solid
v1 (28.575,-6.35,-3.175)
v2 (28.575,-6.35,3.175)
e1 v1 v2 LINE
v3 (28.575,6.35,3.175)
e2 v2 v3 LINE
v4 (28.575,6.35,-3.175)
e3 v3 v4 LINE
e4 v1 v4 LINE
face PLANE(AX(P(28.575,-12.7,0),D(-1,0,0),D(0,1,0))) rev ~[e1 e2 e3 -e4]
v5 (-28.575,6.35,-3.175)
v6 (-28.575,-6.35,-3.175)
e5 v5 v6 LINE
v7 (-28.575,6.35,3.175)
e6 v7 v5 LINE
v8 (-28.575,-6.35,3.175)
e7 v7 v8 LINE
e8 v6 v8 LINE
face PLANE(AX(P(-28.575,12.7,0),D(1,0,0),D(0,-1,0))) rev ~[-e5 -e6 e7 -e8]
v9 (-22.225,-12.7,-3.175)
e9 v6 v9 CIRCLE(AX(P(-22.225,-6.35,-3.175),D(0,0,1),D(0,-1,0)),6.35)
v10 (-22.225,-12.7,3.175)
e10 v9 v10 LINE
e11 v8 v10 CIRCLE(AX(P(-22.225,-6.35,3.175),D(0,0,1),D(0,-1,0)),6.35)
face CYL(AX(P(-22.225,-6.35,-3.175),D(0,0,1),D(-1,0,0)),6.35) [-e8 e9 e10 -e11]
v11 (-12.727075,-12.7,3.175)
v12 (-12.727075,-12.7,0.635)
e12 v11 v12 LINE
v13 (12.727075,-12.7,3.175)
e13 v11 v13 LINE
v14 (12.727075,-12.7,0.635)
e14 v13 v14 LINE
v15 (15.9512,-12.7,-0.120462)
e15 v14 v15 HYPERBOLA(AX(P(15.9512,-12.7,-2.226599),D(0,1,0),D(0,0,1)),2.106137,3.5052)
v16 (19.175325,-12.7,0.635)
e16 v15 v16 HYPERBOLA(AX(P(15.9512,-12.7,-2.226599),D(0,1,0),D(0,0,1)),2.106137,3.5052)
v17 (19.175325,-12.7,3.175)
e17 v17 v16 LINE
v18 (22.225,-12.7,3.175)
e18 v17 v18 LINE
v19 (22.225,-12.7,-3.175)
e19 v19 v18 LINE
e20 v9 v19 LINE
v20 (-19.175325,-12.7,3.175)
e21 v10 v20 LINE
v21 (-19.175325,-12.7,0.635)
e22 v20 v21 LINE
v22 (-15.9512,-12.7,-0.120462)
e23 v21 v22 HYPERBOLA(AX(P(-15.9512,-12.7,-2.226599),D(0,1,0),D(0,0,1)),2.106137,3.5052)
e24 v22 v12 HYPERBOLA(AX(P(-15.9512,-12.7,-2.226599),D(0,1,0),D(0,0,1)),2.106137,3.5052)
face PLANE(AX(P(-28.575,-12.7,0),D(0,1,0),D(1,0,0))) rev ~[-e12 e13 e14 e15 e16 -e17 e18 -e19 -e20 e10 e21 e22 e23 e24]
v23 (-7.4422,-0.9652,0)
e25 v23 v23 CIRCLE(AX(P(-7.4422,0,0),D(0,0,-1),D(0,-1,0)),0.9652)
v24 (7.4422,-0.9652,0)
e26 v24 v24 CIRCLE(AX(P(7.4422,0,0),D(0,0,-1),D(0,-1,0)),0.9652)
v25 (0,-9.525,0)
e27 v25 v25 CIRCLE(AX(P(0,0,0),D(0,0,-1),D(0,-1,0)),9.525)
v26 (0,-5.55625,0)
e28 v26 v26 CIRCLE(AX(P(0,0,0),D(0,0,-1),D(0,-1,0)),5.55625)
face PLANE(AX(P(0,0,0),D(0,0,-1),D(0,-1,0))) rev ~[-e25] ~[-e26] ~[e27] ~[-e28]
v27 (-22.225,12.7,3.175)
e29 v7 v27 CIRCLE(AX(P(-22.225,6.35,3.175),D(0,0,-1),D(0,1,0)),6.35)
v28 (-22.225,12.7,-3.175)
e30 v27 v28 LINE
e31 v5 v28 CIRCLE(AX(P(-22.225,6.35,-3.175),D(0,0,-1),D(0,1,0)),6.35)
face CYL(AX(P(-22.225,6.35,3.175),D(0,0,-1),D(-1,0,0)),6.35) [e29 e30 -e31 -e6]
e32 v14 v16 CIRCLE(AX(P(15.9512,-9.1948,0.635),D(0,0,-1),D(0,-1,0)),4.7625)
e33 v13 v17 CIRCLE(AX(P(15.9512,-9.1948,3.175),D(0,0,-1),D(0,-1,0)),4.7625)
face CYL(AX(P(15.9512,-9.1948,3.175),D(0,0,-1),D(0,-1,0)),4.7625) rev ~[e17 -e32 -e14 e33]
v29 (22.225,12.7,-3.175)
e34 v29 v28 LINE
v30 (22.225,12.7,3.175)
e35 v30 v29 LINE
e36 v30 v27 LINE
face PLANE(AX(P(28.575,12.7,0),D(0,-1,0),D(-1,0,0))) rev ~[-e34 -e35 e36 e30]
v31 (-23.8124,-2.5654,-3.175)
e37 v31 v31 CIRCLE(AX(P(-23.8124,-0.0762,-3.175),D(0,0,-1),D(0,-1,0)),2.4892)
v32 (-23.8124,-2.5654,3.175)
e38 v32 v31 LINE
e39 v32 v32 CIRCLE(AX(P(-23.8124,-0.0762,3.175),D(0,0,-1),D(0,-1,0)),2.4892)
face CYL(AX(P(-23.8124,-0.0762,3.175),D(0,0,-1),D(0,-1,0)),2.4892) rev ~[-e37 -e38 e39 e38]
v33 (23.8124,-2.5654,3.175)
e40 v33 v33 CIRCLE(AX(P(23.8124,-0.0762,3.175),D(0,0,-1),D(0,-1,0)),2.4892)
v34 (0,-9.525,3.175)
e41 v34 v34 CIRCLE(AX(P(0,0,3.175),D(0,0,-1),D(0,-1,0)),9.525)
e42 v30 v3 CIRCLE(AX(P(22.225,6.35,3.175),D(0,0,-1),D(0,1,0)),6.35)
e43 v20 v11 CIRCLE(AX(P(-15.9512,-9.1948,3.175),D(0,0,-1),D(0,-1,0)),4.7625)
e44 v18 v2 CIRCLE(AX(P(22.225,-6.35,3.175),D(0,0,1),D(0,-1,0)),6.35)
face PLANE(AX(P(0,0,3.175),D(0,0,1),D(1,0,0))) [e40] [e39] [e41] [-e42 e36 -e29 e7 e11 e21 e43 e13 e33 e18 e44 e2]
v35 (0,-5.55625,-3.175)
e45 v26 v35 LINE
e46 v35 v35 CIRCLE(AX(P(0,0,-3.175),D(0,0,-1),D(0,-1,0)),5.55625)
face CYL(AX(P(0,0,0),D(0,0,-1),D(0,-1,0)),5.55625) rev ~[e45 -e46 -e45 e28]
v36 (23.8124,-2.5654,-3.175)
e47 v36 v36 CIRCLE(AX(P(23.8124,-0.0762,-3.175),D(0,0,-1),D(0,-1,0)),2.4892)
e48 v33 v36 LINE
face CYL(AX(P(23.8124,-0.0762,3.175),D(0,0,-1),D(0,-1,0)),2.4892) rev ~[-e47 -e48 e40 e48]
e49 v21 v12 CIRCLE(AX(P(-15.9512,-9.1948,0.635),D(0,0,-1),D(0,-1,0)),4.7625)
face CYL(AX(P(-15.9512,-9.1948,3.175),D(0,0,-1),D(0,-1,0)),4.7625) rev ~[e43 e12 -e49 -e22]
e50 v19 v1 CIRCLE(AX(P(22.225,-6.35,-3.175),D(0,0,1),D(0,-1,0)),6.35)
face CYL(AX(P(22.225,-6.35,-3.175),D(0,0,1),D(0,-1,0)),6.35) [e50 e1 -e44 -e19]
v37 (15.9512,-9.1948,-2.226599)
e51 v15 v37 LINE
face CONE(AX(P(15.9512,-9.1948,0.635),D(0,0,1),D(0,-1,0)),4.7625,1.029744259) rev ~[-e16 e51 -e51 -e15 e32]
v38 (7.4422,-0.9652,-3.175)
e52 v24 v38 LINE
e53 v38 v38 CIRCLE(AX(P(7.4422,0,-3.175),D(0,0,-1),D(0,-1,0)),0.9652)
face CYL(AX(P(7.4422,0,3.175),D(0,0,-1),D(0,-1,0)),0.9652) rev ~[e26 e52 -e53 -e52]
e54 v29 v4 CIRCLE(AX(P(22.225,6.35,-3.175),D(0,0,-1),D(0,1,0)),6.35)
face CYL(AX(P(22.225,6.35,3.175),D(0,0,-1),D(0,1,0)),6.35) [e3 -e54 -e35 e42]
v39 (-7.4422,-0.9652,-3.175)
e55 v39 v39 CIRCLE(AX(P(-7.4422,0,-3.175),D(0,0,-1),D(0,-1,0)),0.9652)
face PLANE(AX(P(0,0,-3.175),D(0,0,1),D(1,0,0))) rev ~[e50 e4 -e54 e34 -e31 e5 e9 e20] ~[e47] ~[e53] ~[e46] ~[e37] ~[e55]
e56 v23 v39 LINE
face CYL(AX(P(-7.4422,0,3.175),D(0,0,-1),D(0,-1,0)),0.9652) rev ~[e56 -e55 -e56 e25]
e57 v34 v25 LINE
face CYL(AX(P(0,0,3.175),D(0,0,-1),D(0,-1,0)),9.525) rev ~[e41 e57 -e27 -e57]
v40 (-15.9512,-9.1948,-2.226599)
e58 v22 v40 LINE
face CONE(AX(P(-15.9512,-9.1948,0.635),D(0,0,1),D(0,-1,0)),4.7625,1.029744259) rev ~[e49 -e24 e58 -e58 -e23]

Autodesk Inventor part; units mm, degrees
ref_plane "YZ Plane" through (0, 0, 0) normal (1, 0, 0) x (0, 1, 0)
ref_plane "XZ Plane" through (0, 0, 0) normal (0, 1, 0) x (-1, 0, 0)
ref_plane "XY Plane" through (0, 0, 0) normal (0, 0, 1) x (1, 0, 0)
sketch "Sketch1" plane through (0, 0, 0) normal (0, 0, 1) x (1, 0, 0)
  line L0 (-28.575, -12.7) -> (28.575, -12.7)
  line L1 (28.575, -12.7) -> (28.575, 12.7)
  line L2 (28.575, 12.7) -> (-28.575, 12.7)
  line L3 (-28.575, 12.7) -> (-28.575, -12.7)
  point P0 (0, 0)
  dimension "d0" = 57.15
  dimension "d1" = 25.4
  dimension "d33" = 28.575
  dimension "d34" = 12.7
extrude "Extrusion1" add sketch "Sketch1" along normal blind 3.175 and the other way blind 3.175
sketch "Sketch2" plane through (0, 0, 3.175) normal (0, 0, 1) x (1, 0, 0)
  line L0 (-28.575, -12.7) -> (28.575, -12.7) projected
  line L1 (28.575, -12.7) -> (28.575, 12.7) projected
  line L2 (28.575, 12.7) -> (-28.575, 12.7) projected
  line L3 (-28.575, 12.7) -> (-28.575, -12.7) projected
  point P0 (0, 0)
  point P1 (0, 0)
  dimension "d4" = 28.575
  dimension "d5" = 12.7
  dimension "d6" = 57.15
hole "Hole1" at (0, 0, 3.175) direction (0, 0, -1) diameter 11.1125 end through all counterbore diameter 19.05 counterbore depth 3.175
sketch "Sketch3" plane through (0, 0, 3.175) normal (0, 0, 1) x (1, 0, 0)
  circle A0 centre (0, 0) radius 9.525 projected
  line L0 (-28.575, -12.7) -> (28.575, -12.7) projected
  line L1 (28.575, -12.7) -> (28.575, 12.7) projected
  line L2 (28.575, 12.7) -> (-28.575, 12.7) projected
  line L3 (-28.575, 12.7) -> (-28.575, -12.7) projected
  point P0 (0, 0)
  point P1 (-23.8124, -0.0762)
  point P2 (23.8124, -0.0762)
  dimension "d14" = 23.8125
  dimension "d15" = 23.8125
  dimension "d59" = 0.0762
hole "Hole2" at (-23.8124, -0.0762, 3.175) at (23.8124, -0.0762, 3.175) direction (0, 0, -1) diameter 4.9784 end through all clearance for "Flat Head Machine Screw (82)" size "#10" standard "Ansi Unified Screw Threads"
sketch "Sketch4" plane through (0, 0, 3.175) normal (0, 0, 1) x (1, 0, 0)
  circle A0 centre (-23.8124, -0.0762) radius 2.4892 projected
  circle A1 centre (23.8124, -0.0762) radius 2.4892 projected
  circle A2 centre (0, 0) radius 9.525 projected
  line L0 (-28.575, -12.7) -> (28.575, -12.7) projected
  line L1 (28.575, -12.7) -> (28.575, 12.7) projected
  line L2 (28.575, 12.7) -> (-28.575, 12.7) projected
  line L3 (-28.575, 12.7) -> (-28.575, -12.7) projected
  point P0 (0, 0)
  point P1 (-7.4422, 0)
  point P2 (7.4422, 0)
  dimension "d23" = 7.4422
  dimension "d24" = 7.4422
hole "Hole3" at (-7.4422, 0, 3.175) at (7.4422, 0, 3.175) direction (0, 0, -1) diameter 1.9304 end through all
fillet "Fillet1" radius 6.35 4 edges at (28.575, 12.7, 0) (-28.575, 12.7, 0) (-28.575, -12.7, 0) (28.575, -12.7, 0)
sketch "Sketch5" plane through (0, 0, 3.175) normal (0, 0, 1) x (1, 0, 0)
  line L0 (28.575, -6.35) -> (28.575, 6.35) projected
  line L1 (-28.575, 6.35) -> (-28.575, -6.35) projected
  line L2 (-22.225, -12.7) -> (22.225, -12.7) projected
  line L3 (22.225, 12.7) -> (-22.225, 12.7) projected
  point P0 (0, 0)
  point P1 (15.9512, -9.1948)
  point P2 (-15.9512, -9.1948)
  dimension "d41" = 12.6238
  dimension "d42" = 12.6238
  dimension "d43" = 3.5052
hole "Hole5" at (15.9512, -9.1948, 3.175) at (-15.9512, -9.1948, 3.175) direction (0, 0, -1) diameter 9.525 depth 2.54 tip angle 118
equation "\"d33\" = 0.5 * d0"
equation "\"d34\" = 0.5 * d1"
equation "\"d4\" = 0.5 * d6"
equation "\"d15\" = d14"
equation "\"d24\" = d23"
properties part number "CHA_010_EncoderMountRev0" material "ABS Plastic"
